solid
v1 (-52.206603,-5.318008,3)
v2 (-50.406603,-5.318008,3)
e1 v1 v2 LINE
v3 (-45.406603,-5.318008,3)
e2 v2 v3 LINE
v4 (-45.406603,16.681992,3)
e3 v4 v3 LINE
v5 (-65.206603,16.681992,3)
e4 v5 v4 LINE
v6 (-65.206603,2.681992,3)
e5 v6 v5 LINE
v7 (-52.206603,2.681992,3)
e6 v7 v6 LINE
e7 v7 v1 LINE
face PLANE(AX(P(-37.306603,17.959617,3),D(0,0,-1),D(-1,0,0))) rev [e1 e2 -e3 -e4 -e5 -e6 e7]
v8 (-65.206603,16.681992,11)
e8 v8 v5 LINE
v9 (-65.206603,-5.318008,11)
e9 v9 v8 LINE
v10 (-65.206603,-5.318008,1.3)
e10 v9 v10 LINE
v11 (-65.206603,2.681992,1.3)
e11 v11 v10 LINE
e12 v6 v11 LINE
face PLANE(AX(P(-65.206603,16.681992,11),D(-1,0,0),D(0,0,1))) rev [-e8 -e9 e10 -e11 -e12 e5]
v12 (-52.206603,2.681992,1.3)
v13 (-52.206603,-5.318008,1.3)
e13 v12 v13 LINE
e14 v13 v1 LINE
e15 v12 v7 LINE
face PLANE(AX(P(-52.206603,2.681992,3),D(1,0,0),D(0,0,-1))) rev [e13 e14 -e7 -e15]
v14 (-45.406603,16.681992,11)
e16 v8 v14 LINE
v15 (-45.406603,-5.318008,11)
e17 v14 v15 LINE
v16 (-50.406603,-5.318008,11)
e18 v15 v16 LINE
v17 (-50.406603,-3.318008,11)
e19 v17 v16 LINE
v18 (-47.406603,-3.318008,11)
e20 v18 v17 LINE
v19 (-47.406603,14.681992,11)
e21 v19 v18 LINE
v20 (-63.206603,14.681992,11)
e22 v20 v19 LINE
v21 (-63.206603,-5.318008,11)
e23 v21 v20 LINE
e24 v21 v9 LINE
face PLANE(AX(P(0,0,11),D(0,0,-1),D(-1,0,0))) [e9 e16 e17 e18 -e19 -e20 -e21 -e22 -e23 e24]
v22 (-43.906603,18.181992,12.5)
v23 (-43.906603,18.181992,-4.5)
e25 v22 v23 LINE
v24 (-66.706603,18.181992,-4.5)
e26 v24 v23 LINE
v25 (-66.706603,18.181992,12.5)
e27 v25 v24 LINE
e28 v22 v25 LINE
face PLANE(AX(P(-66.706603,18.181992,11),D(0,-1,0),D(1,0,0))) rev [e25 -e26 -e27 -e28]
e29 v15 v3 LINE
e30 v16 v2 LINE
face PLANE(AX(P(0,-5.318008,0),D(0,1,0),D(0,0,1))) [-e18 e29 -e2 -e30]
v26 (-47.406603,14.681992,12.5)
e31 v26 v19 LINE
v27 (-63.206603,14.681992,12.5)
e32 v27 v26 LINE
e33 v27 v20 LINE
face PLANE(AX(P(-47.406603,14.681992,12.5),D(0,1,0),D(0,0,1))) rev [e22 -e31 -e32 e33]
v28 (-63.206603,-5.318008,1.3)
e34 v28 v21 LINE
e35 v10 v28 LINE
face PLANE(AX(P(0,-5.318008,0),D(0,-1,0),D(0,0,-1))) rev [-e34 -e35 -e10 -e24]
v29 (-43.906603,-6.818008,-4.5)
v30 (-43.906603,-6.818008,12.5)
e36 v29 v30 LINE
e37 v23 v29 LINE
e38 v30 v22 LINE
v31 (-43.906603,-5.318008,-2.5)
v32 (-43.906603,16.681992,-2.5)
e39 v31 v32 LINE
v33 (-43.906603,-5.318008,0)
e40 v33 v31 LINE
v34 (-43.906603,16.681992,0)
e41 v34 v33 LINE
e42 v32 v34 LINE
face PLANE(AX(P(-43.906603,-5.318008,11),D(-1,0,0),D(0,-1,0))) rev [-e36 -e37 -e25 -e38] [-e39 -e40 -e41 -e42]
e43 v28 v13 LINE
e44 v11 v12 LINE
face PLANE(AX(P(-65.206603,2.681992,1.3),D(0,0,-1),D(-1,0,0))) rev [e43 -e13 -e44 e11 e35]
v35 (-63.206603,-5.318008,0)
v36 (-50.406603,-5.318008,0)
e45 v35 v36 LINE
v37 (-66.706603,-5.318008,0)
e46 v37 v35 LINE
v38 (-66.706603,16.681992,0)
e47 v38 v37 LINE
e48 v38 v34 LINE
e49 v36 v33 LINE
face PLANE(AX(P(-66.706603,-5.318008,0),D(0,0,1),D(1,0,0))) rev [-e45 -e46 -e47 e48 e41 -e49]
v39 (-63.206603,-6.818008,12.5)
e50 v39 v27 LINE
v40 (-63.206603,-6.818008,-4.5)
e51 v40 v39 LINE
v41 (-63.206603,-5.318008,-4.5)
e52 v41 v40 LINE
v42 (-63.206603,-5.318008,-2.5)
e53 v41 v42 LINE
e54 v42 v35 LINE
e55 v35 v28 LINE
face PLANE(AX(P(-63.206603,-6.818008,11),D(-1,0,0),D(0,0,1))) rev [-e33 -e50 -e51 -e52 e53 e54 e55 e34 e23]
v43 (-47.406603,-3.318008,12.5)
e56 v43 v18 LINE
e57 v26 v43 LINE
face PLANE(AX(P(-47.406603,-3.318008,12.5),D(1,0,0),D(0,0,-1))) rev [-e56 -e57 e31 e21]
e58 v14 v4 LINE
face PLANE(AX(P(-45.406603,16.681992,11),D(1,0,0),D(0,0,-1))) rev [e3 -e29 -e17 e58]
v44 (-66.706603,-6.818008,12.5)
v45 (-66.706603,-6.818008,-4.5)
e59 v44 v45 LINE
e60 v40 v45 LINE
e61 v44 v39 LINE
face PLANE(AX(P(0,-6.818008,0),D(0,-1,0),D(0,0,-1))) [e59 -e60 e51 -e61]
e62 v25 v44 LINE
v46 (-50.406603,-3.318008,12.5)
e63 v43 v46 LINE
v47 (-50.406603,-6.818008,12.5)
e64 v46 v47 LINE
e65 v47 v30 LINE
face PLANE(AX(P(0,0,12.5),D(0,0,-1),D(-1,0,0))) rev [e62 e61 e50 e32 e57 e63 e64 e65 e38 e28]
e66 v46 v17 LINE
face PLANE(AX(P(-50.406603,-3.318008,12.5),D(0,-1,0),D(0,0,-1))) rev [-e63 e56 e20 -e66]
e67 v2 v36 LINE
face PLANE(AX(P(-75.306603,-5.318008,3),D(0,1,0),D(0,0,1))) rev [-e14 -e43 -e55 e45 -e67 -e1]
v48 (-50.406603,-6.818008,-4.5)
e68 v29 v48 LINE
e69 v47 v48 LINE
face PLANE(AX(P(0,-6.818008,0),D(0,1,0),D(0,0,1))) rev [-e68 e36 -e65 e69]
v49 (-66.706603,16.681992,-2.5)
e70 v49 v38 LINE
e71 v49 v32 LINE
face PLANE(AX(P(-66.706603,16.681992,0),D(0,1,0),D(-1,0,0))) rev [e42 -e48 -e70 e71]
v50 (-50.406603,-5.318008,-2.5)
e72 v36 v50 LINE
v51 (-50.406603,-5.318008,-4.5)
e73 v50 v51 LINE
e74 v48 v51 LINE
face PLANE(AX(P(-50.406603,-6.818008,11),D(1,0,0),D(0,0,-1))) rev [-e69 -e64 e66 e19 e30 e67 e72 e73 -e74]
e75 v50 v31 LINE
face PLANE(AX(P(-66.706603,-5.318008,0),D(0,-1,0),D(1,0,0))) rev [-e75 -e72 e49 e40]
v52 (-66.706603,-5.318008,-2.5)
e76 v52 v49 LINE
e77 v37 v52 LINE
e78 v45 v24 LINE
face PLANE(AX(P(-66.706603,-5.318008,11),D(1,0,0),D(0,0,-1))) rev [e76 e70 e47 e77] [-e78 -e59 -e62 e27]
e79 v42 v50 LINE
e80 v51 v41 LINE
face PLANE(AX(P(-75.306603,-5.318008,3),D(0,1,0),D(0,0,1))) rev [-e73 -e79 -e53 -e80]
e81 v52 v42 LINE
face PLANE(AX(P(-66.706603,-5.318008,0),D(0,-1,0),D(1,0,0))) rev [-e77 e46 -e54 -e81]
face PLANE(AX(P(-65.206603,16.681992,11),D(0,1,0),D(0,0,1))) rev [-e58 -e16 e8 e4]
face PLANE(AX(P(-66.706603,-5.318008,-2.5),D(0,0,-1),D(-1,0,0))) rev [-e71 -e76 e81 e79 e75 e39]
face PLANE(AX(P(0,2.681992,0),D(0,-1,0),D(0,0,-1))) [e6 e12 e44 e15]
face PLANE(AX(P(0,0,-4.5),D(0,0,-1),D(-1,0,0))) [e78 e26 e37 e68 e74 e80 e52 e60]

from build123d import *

# Parameters (mm, degrees)
CROQUIS1_R               = 1.5
SALIENTE_EXTRUIR1_DEPTH  = 3
SALIENTE_EXTRUIR2_DEPTH  = 8
CROQUIS3_W               = 13
CROQUIS3_H               = 1.7
CORTAR_EXTRUIR1_DEPTH    = 8
CROQUIS5_W               = 3.5
CROQUIS5_H               = 11
CROQUIS5_W_2             = 6.5
SALIENTE_EXTRUIR3_DEPTH  = 1.5
SALIENTE_EXTRUIR4_DEPTH  = 1.5
CORTAR_EXTRUIR2_START    = -12.5
CORTAR_EXTRUIR2_DEPTH    = 3
SALIENTE_EXTRUIR10_DEPTH = 4.5
CORTAR_EXTRUIR3_START    = -22.8
CROQUIS12_W              = 2.5
CROQUIS12_H              = 22
CORTAR_EXTRUIR3_DEPTH    = 22.8


with BuildPart() as part:
    # Croquis1 → Saliente-Extruir1 (new body)
    with BuildSketch(Plane.XY):
        with BuildLine():
            Line((-55.603283504, 22.637490201), (-73.603283504, 19.937490201))
            ThreePointArc((-73.603283504, 19.937490201), (-74.822083019, 19.26473017), (-75.306602598, 17.959617496))
            Line((-75.306602598, 17.959617496), (-75.306602598, -5.318007663))
            Line((-75.306602598, -5.318007663), (-35.306602598, -5.318007663))
            Line((-35.306602598, -5.318007663), (-35.306602598, 17.959617496))
            ThreePointArc((-35.306602598, 17.959617496), (-35.791122177, 19.26473017), (-37.009921692, 19.937490201))
            Line((-37.009921692, 19.937490201), (-55.009921692, 22.637490201))
            ThreePointArc((-55.009921692, 22.637490201), (-55.306602598, 22.659617496), (-55.603283504, 22.637490201))
        make_face()
        with Locations((-71.306602598, 15.681992337)):
            Circle(CROQUIS1_R, mode=Mode.SUBTRACT)
        with Locations((-39.306602598, 15.681992337)):
            Circle(CROQUIS1_R, mode=Mode.SUBTRACT)
    extrude(amount=SALIENTE_EXTRUIR1_DEPTH)

    # Croquis2 → Saliente-Extruir2 (add)
    with BuildSketch(Plane.XY.offset(3)):
        Polygon((-66.706602598, -5.318007663), (-65.206602598, -5.318007663), (-65.206602598, 16.681992337), (-45.406602598, 16.681992337), (-45.406602598, -5.318007663), (-43.906602598, -5.318007663), (-43.906602598, 18.181992337), (-66.706602598, 18.181992337), align=None)
    extrude(amount=SALIENTE_EXTRUIR2_DEPTH)

    # Croquis3 → Cortar-Extruir1 (cut)
    with BuildSketch(Plane.XZ.offset(5.318007663)):
        with Locations((-58.706602598, 2.15)):
            Rectangle(CROQUIS3_W, CROQUIS3_H)
    extrude(amount=-CORTAR_EXTRUIR1_DEPTH, mode=Mode.SUBTRACT)

    # Croquis5 → Saliente-Extruir3 (add)
    with BuildSketch(Plane.XZ.offset(5.318007663)):
        with Locations((-64.956602598, 5.5)):
            Rectangle(CROQUIS5_W, CROQUIS5_H)
        with Locations((-47.156602598, 5.5)):
            Rectangle(CROQUIS5_W_2, CROQUIS5_H)
    extrude(amount=SALIENTE_EXTRUIR3_DEPTH)

    # Croquis6 → Saliente-Extruir4 (add)
    with BuildSketch(Plane.XY.offset(11)):
        Polygon((-63.206602598, -5.318007663), (-63.206602598, -6.818007663), (-66.706602598, -6.818007663), (-66.706602598, 18.181992337), (-43.906602598, 18.181992337), (-43.906602598, -6.818007663), (-50.406602598, -6.818007663), (-50.406602598, -3.318007663), (-47.406602598, -3.318007663), (-47.406602598, 14.681992337), (-63.206602598, 14.681992337), align=None)
    extrude(amount=SALIENTE_EXTRUIR4_DEPTH)

    # Croquis7 → Cortar-Extruir2 (cut)
    with BuildSketch(Plane.XY.offset(12.5).offset(CORTAR_EXTRUIR2_START)):
        Polygon((-66.706602598, -6.818007663), (-66.706602598, 18.181992337), (-43.906602598, 18.181992337), (-43.906602598, -6.818007663), (-20.536273409, -6.818007663), (-20.536273409, 28.419792756), (-79.716652243, 28.419792756), (-79.716652243, -6.818007663), align=None)
    extrude(amount=CORTAR_EXTRUIR2_DEPTH, mode=Mode.SUBTRACT)

    # Croquis11 → Saliente-Extruir10 (add)
    with BuildSketch(Plane(origin=(0, 0, 0), x_dir=(-1, 0, 0), z_dir=(0, 0, -1))):
        Polygon((66.706602598, 18.181992337), (43.906602598, 18.181992337), (43.906602598, -6.818007663), (50.406602598, -6.818007663), (50.406602598, -5.318007663), (63.206602598, -5.318007663), (63.206602598, -6.818007663), (66.706602598, -6.818007663), align=None)
    extrude(amount=SALIENTE_EXTRUIR10_DEPTH)

    # Croquis12 → Cortar-Extruir3 (cut)
    with BuildSketch(Plane(origin=(-43.906602598, 0, 0), x_dir=(0, 0, -1), z_dir=(1, 0, 0)).offset(CORTAR_EXTRUIR3_START)):
        with Locations((1.25, 5.681992337)):
            Rectangle(CROQUIS12_W, CROQUIS12_H)
    extrude(amount=CORTAR_EXTRUIR3_DEPTH, mode=Mode.SUBTRACT)


solid = part.part
